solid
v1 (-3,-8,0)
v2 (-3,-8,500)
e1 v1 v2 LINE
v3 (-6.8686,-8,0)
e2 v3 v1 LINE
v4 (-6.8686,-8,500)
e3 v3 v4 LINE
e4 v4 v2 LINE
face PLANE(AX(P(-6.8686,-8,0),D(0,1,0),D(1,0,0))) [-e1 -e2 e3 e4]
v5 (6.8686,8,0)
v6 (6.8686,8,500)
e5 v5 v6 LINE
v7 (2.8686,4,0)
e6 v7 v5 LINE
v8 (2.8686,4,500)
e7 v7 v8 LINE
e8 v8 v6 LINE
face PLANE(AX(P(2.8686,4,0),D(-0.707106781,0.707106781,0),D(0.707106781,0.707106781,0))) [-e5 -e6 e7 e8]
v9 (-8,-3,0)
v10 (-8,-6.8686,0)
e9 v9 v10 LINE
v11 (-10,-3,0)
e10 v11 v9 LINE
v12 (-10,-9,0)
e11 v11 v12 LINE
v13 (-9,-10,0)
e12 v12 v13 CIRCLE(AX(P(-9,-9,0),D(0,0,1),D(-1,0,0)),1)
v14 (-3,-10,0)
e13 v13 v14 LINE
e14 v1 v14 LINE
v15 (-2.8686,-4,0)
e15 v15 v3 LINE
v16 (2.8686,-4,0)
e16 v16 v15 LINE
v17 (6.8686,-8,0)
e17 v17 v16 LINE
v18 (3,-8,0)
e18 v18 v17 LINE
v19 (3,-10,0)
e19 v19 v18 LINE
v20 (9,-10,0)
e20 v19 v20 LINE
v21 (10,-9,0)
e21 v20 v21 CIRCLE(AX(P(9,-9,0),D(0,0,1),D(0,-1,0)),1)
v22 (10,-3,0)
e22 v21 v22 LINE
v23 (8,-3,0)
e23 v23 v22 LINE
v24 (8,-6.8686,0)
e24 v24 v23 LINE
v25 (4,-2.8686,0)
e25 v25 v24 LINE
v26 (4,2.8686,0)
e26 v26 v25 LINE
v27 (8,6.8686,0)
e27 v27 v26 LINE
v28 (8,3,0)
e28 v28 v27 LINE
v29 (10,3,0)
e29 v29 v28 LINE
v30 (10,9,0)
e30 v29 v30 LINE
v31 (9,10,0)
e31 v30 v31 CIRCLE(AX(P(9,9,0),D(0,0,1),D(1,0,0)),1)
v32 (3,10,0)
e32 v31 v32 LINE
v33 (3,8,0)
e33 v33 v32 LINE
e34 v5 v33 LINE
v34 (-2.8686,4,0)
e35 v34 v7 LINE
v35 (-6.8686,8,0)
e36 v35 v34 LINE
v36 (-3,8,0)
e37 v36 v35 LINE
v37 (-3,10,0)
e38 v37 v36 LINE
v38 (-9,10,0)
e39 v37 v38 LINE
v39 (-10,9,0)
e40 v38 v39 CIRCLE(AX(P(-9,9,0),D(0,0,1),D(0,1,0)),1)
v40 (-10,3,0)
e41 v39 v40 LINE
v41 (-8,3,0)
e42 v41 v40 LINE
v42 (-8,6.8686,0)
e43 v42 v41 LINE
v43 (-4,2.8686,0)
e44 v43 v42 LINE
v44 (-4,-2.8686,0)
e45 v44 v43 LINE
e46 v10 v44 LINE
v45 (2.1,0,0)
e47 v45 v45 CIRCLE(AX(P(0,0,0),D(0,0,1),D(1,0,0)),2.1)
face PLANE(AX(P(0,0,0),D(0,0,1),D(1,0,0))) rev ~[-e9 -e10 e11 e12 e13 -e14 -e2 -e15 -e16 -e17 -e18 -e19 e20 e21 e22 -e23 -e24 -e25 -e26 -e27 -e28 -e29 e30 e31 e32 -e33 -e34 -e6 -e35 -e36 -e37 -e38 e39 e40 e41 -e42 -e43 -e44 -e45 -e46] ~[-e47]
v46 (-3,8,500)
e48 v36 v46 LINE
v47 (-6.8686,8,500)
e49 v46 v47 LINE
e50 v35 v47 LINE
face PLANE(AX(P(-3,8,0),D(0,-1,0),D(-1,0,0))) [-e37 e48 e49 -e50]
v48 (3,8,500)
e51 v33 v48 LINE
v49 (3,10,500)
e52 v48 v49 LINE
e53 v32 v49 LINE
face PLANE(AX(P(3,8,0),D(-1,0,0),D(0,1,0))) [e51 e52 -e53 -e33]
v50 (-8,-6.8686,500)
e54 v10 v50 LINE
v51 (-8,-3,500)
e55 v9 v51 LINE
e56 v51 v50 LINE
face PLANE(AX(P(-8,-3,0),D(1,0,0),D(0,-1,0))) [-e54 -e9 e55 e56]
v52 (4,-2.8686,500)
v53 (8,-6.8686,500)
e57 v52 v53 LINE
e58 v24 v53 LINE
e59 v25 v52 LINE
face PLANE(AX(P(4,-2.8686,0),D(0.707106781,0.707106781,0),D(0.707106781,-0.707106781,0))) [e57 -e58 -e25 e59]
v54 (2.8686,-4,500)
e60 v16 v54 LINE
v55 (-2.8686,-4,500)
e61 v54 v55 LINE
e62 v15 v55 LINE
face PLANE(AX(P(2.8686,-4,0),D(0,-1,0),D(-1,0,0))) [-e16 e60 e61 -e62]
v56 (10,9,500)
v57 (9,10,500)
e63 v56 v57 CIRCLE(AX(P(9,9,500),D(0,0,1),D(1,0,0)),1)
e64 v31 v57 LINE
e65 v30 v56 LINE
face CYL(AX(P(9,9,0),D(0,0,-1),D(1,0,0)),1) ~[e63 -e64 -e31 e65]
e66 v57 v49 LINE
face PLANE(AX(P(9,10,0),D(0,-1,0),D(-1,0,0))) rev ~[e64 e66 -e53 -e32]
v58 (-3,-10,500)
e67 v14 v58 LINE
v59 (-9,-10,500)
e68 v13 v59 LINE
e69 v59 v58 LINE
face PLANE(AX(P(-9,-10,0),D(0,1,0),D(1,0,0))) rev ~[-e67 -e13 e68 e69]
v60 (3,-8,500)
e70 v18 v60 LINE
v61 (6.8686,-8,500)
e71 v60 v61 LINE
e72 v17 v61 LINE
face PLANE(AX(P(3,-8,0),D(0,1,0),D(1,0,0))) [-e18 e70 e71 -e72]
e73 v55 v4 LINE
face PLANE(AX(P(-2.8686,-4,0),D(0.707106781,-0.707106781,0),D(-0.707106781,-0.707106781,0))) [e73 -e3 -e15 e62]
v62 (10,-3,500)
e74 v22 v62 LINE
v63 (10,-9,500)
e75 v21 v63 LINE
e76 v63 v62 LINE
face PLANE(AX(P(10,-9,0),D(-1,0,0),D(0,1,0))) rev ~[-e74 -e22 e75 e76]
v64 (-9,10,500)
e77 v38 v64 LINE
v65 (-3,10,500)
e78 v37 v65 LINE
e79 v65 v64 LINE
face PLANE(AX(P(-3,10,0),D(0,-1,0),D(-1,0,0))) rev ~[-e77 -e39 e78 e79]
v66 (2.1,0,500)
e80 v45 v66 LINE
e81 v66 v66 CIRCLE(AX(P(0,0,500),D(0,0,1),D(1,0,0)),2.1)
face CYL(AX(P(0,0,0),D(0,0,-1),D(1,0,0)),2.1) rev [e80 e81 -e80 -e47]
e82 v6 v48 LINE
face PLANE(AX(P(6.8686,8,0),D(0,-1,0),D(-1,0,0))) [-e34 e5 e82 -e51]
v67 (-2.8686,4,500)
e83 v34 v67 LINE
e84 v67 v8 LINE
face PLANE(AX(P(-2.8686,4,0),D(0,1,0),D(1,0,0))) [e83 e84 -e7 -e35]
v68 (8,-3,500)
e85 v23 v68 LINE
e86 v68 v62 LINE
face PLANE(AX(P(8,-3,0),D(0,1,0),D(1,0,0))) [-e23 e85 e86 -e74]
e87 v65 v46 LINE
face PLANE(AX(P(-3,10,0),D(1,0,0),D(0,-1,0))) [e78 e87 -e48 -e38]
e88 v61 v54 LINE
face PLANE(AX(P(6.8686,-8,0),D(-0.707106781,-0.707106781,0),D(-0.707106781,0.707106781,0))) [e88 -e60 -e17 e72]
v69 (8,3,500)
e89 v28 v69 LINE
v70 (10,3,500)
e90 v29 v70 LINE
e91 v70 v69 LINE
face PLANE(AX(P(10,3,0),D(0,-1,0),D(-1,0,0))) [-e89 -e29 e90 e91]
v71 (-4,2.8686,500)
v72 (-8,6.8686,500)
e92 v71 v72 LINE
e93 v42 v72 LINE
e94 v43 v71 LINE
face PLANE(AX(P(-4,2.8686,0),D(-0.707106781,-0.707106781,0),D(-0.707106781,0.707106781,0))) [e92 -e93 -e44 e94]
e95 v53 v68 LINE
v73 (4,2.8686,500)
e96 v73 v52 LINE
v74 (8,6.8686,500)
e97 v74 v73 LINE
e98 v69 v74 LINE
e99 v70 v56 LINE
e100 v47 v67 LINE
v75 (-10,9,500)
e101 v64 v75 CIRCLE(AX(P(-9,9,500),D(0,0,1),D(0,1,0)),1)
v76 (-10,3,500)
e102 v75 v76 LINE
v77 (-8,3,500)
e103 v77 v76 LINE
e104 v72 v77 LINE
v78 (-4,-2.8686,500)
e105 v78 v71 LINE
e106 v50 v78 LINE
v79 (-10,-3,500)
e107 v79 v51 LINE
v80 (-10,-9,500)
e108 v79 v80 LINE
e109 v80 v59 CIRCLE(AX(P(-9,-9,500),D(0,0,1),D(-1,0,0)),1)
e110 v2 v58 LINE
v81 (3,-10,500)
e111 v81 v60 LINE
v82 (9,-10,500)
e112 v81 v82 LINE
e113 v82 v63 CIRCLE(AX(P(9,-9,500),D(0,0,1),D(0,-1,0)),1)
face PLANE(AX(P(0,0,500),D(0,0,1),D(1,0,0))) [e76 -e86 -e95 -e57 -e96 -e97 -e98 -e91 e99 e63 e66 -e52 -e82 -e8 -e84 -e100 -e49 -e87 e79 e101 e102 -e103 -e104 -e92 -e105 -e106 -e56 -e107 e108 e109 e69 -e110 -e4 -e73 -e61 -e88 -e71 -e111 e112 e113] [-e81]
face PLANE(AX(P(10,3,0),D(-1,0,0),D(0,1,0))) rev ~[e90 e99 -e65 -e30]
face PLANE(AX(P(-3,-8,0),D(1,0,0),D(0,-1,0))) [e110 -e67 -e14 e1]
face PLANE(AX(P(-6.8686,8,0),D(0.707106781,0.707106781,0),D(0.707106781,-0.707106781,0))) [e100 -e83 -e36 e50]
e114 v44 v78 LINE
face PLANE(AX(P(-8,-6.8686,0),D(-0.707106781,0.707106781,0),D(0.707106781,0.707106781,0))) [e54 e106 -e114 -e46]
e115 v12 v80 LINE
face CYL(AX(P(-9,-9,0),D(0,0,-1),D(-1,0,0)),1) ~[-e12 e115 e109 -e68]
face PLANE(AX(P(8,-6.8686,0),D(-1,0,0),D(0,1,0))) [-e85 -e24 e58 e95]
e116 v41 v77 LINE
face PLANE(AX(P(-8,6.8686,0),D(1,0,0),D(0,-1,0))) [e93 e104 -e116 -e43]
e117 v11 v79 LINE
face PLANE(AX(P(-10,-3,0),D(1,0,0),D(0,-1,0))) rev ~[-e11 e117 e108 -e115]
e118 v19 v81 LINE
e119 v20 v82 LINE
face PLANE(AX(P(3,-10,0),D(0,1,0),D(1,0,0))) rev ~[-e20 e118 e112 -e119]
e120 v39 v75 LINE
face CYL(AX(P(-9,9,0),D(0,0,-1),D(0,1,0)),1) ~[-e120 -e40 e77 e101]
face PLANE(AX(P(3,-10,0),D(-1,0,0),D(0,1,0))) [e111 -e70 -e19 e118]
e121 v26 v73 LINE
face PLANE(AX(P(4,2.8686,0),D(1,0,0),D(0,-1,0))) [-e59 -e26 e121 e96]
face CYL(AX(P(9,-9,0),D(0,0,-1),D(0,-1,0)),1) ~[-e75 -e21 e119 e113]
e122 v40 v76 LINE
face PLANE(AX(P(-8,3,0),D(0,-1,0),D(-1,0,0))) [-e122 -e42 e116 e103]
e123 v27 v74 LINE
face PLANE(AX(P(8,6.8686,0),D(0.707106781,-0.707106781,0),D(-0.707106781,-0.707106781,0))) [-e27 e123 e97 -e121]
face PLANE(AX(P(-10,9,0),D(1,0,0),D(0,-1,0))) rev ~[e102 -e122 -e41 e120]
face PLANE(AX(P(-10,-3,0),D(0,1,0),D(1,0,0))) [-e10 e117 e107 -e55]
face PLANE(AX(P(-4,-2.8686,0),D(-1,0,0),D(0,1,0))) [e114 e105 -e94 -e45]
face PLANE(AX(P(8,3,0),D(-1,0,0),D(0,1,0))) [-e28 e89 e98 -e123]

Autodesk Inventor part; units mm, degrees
ref_plane "YZ Plane" through (0, 0, 0) normal (1, 0, 0) x (0, 1, 0)
ref_plane "XZ Plane" through (0, 0, 0) normal (0, 1, 0) x (-1, 0, 0)
ref_plane "XY Plane" through (0, 0, 0) normal (0, 0, 1) x (1, 0, 0)
sketch "スケッチ1" plane through (0, 0, 0) normal (0, 0, 1) x (1, 0, 0)
  line L0 (-10, -10) -> (10, 10) construction
  line L1 (10, -10) -> (-10, 10) construction
  line L2 (10, 3) -> (8, 3)
  line L3 (8, 3) -> (8, 6.8686)
  line L4 (8, 6.8686) -> (4, 2.8686)
  line L5 (4, 2.8686) -> (4, -2.8686)
  line L6 (4, -2.8686) -> (8, -6.8686)
  line L7 (8, -6.8686) -> (8, -3)
  line L8 (8, -3) -> (10, -3)
  line L9 (-10, 0) -> (10, 0) construction
  line L10 (-3, 10) -> (-3, 8)
  line L11 (-3, 8) -> (-6.8686, 8)
  line L12 (-6.8686, 8) -> (-2.8686, 4)
  line L13 (-2.8686, 4) -> (2.8686, 4)
  line L14 (3, 8) -> (3, 10)
  line L15 (2.8686, 4) -> (6.8686, 8)
  line L16 (6.8686, 8) -> (3, 8)
  line L17 (-10, -3) -> (-8, -3)
  line L18 (-8, -3) -> (-8, -6.8686)
  line L19 (-8, -6.8686) -> (-4, -2.8686)
  line L20 (-4, -2.8686) -> (-4, 2.8686)
  line L21 (-8, 3) -> (-10, 3)
  line L22 (-4, 2.8686) -> (-8, 6.8686)
  line L23 (-8, 6.8686) -> (-8, 3)
  line L24 (3, -10) -> (3, -8)
  line L25 (3, -8) -> (6.8686, -8)
  line L26 (6.8686, -8) -> (2.8686, -4)
  line L27 (2.8686, -4) -> (-2.8686, -4)
  line L28 (-3, -8) -> (-3, -10)
  line L29 (-2.8686, -4) -> (-6.8686, -8)
  line L30 (-6.8686, -8) -> (-3, -8)
  line L31 (9, 10) -> (3, 10)
  line L32 (-3, 10) -> (-9, 10)
  line L33 (-10, 9) -> (-10, 3)
  line L34 (-10, -3) -> (-10, -9)
  line L35 (-9, -10) -> (-3, -10)
  line L36 (3, -10) -> (9, -10)
  line L37 (10, -9) -> (10, -3)
  line L38 (10, 3) -> (10, 9)
  circle A0 centre (0, 0) radius 2.1
  arc A1 (-9, 10) -> (-10, 9) centre (-9, 9) ccw
  arc A2 (-10, -9) -> (-9, -10) centre (-9, -9) ccw
  arc A3 (9, -10) -> (10, -9) centre (9, -9) ccw
  arc A4 (10, 9) -> (9, 10) centre (9, 9) ccw
  point P0 (0, 10)
  point P1 (-10, 0)
  point P2 (0, -10)
  dimension "d0" = 2
  dimension "d1" = 6
  dimension "d2" = 4
  dimension "d3" = 0.8
  dimension "d9" = 20
  dimension "d10" = 4.2
  dimension "d11" = 1
extrude "押し出し1" add sketch "スケッチ1" along normal blind 500
properties part number "高剛性フレーム"
